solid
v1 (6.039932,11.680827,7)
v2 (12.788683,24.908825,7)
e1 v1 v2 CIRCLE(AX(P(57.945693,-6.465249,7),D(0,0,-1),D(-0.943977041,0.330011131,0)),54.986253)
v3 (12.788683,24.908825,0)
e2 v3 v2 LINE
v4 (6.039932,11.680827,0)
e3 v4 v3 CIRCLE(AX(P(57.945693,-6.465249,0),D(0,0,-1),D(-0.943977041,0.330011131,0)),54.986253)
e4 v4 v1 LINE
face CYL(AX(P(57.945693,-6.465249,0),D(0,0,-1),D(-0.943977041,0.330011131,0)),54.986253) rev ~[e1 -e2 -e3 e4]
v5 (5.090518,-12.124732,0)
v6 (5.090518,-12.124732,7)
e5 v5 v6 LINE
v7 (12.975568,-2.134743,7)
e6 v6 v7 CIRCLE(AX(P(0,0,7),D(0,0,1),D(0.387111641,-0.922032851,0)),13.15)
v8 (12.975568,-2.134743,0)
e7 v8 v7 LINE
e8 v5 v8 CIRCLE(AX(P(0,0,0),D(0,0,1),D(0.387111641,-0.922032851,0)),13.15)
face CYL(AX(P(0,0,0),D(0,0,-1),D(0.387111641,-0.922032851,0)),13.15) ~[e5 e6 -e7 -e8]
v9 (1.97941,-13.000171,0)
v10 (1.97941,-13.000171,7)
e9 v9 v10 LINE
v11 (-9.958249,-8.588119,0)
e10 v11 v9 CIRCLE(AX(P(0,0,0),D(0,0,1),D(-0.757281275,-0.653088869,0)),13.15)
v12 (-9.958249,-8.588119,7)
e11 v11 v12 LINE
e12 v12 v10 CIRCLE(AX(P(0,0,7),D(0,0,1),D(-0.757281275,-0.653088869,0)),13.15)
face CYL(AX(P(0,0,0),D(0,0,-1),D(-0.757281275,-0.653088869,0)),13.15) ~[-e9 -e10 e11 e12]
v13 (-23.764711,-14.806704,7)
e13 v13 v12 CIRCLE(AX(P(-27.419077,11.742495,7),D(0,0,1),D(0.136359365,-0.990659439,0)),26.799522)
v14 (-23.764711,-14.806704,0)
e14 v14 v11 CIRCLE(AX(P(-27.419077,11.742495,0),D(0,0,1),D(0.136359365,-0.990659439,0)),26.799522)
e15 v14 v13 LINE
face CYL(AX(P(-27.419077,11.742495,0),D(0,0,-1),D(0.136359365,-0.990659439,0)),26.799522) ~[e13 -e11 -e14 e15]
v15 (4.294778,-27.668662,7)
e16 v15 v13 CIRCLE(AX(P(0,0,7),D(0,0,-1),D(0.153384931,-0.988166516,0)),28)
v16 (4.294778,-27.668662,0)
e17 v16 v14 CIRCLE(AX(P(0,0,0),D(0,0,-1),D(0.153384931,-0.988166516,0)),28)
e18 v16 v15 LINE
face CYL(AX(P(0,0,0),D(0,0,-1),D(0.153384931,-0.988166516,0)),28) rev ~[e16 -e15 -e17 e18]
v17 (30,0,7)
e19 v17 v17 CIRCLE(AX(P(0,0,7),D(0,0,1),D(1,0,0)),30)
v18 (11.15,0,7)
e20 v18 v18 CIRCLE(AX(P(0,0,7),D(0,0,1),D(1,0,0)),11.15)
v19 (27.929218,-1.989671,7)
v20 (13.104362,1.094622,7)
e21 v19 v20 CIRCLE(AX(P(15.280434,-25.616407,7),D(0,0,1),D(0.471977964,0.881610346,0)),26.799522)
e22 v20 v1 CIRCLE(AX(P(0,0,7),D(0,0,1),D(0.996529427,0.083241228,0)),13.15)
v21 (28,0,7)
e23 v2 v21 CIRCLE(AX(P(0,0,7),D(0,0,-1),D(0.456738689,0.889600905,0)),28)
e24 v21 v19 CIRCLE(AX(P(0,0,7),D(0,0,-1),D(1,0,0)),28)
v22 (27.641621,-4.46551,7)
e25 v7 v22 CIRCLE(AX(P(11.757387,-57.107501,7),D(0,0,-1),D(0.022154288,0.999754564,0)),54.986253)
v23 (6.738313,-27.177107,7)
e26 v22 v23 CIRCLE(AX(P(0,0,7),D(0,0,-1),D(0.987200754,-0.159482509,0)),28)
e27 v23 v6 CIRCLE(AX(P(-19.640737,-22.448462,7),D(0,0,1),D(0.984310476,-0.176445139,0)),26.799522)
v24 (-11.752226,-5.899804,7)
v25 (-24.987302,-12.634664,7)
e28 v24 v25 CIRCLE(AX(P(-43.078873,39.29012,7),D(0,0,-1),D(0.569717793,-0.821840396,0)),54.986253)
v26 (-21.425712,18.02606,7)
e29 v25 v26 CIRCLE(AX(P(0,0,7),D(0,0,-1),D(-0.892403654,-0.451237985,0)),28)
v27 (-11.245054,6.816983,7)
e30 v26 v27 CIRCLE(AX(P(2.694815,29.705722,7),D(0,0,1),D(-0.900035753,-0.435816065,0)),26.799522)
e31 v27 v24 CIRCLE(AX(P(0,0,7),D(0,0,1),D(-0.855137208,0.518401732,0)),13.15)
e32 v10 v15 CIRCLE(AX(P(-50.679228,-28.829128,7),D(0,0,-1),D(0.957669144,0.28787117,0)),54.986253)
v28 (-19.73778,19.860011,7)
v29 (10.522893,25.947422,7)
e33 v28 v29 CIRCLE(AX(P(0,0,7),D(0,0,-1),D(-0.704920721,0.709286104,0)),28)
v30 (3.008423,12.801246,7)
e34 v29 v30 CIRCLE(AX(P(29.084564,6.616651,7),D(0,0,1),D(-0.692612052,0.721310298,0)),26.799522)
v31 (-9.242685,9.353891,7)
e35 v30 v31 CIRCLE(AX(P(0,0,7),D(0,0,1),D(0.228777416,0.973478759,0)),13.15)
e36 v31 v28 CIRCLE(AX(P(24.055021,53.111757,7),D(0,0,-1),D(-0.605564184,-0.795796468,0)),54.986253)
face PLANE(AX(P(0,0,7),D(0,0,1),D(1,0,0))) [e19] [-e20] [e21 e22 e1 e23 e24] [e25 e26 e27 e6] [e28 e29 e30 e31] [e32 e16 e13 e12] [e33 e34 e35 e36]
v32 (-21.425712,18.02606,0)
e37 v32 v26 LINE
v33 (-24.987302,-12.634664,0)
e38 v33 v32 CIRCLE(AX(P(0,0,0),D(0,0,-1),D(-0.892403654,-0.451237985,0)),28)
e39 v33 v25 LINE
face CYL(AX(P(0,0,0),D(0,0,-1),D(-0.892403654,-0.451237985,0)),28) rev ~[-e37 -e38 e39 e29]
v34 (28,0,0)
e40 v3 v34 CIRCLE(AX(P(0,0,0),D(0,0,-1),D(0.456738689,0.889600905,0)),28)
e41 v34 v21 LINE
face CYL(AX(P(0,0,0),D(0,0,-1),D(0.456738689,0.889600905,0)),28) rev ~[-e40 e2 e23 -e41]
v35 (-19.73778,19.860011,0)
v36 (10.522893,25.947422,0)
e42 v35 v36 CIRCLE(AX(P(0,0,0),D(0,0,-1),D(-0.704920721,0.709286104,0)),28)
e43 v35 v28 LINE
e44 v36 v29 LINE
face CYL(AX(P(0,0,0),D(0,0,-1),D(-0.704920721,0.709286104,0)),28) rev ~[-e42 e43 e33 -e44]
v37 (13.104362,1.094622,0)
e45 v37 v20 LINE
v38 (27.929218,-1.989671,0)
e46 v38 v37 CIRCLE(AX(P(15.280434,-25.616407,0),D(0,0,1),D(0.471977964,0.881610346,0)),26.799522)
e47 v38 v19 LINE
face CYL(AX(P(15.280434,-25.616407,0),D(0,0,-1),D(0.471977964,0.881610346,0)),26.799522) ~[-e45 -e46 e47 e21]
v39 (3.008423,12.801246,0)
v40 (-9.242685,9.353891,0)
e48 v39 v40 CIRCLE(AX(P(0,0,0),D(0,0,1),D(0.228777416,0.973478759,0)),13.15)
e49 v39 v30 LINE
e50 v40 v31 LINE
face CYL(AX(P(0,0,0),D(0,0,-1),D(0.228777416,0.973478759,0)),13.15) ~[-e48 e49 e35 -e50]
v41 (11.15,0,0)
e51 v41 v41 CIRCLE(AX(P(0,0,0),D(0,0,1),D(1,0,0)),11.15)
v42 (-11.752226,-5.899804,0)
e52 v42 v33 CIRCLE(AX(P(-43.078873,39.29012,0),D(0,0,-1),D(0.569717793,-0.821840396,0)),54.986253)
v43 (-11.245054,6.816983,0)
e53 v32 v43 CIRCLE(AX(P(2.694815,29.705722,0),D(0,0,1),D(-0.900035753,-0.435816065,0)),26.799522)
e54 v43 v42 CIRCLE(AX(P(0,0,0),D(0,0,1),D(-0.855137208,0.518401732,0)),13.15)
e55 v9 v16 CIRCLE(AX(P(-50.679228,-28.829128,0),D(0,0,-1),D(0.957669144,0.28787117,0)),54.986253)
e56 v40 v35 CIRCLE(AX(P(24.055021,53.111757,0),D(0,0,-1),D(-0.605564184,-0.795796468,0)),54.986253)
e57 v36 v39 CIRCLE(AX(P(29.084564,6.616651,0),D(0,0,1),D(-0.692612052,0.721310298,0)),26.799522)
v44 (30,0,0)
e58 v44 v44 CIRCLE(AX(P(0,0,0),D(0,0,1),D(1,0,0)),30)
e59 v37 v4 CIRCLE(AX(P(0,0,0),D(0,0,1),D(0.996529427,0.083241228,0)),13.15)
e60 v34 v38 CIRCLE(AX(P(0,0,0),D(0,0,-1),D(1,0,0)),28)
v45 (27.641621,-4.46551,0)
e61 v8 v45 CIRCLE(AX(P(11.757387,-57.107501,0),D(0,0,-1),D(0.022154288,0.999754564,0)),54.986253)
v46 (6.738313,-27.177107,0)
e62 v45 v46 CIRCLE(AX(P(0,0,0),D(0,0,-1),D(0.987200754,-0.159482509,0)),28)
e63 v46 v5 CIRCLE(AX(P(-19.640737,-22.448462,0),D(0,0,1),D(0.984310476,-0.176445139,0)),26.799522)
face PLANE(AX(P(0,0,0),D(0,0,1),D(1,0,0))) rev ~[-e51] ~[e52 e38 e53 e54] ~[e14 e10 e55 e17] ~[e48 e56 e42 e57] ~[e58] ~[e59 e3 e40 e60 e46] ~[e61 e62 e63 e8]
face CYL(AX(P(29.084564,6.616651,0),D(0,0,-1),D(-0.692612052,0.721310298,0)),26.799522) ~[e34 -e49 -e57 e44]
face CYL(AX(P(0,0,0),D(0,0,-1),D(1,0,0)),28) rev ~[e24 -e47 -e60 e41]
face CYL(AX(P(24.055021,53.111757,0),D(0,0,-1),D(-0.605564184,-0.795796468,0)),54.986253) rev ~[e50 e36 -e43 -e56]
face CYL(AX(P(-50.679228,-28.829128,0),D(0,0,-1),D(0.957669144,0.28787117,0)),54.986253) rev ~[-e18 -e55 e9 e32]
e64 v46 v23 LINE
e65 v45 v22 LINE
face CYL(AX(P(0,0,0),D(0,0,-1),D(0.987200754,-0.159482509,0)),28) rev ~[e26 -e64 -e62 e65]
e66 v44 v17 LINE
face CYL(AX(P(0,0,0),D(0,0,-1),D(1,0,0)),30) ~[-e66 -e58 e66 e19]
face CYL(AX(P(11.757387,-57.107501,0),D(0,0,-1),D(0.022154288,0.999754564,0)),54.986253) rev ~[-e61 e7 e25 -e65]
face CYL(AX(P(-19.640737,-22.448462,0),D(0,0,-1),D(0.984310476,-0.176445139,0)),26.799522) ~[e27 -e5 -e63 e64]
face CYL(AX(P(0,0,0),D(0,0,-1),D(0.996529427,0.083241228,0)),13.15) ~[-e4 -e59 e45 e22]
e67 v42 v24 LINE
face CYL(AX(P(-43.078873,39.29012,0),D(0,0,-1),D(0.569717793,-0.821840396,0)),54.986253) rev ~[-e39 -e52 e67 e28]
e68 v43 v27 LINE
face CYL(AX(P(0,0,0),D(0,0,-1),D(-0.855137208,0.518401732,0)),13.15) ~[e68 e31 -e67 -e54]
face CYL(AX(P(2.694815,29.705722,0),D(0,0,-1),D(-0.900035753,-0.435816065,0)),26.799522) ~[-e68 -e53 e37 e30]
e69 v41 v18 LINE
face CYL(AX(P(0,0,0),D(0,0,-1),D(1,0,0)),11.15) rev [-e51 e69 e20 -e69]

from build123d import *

# Parameters (mm, degrees)
F0_R     = 30
F0_R_2   = 11.15
F1_DEPTH = 7


with BuildPart() as f1:
    # F0 (on Top) → F1 (new body)
    with BuildSketch(Plane.XY):
        Circle(F0_R)
        with BuildLine():
            ThreePointArc((28, 0), (27.9822988603, -0.9954649642), (27.9292178218, -1.9896712952))
            ThreePointArc((27.9292178218, -1.9896712952), (27.8129822181, -3.2307924932), (27.6416211225, -4.4655102417))
            ThreePointArc((27.6416211225, -4.4655102417), (20.602163098, -18.9618268024), (6.7383130959, -27.1771068479))
            ThreePointArc((6.7383130959, -27.1771068479), (5.5220179162, -27.4500877618), (4.294778065, -27.6686624428))
            ThreePointArc((4.294778065, -27.6686624428), (-11.6673504231, -25.4533481905), (-23.7647113017, -14.8067044527))
            ThreePointArc((-23.7647113017, -14.8067044527), (-24.4001874594, -13.7342947378), (-24.9873023042, -12.6346635712))
            ThreePointArc((-24.9873023042, -12.6346635712), (-27.8129822181, 3.2307924932), (-21.4257124132, 18.0260602348))
            ThreePointArc((-21.4257124132, 18.0260602348), (-20.602163098, 18.9618268024), (-19.7377801762, 19.8600109193))
            ThreePointArc((-19.7377801762, 19.8600109193), (-5.5220179162, 27.4500877618), (10.5228927971, 25.947422361))
            ThreePointArc((10.5228927971, 25.947422361), (11.6673504231, 25.4533481905), (12.7886832929, 24.9088253363))
            ThreePointArc((12.7886832929, 24.9088253363), (23.8964760184, 14.5930954187), (28, 0))
        make_face(mode=Mode.SUBTRACT)
        with BuildLine():
            ThreePointArc((12.975568284, -2.1347430074), (13.1063195241, -1.0709288178), (13.15, 0))
            ThreePointArc((13.15, 0), (13.1385855357, 0.5477865655), (13.1043619587, 1.0946221515))
            ThreePointArc((13.1043619587, 1.0946221515), (10.9381412491, 7.2992853086), (6.0399323593, 11.6808269012))
            ThreePointArc((6.0399323593, 11.6808269012), (4.5587299007, 12.3345239751), (3.0084230156, 12.80124568))
            ThreePointArc((3.0084230156, 12.80124568), (-3.5619613242, 12.6583937182), (-9.2426847962, 9.3538910491))
            ThreePointArc((-9.2426847962, 9.3538910491), (-10.3221043898, 8.1471873039), (-11.2450542825, 6.8169827771))
            ThreePointArc((-11.2450542825, 6.8169827771), (-13.139554414, 0.5240322523), (-11.7522257106, -5.8998043058))
            ThreePointArc((-11.7522257106, -5.8998043058), (-10.9381412491, -7.2992853086), (-9.9582487676, -8.588118623))
            ThreePointArc((-9.9582487676, -8.588118623), (-4.5587299007, -12.3345239751), (1.9794098636, -13.000170637))
            ThreePointArc((1.9794098636, -13.000170637), (3.5619613242, -12.6583937182), (5.0905180757, -12.1247319855))
            ThreePointArc((5.0905180757, -12.1247319855), (10.3221043898, -8.1471873039), (12.975568284, -2.1347430074))
        make_face()
        Circle(F0_R_2, mode=Mode.SUBTRACT)
        with BuildLine():
            ThreePointArc((-11.2450542825, 6.8169827771), (-10.3221043898, 8.1471873039), (-9.2426847962, 9.3538910491))
            ThreePointArc((-9.2426847962, 9.3538910491), (-14.846536875, 14.2510204798), (-19.7377801762, 19.8600109193))
            ThreePointArc((-19.7377801762, 19.8600109193), (-20.602163098, 18.9618268024), (-21.4257124132, 18.0260602348))
            ThreePointArc((-21.4257124132, 18.0260602348), (-17.1435141452, 11.6875357338), (-11.2450542825, 6.8169827771))
        make_face()
        with BuildLine():
            ThreePointArc((3.0084230156, 12.80124568), (4.5587299007, 12.3345239751), (6.0399323593, 11.6808269012))
            ThreePointArc((6.0399323593, 11.6808269012), (8.9656936892, 18.5237031548), (12.7886832929, 24.9088253363))
            ThreePointArc((12.7886832929, 24.9088253363), (11.6673504231, 25.4533481905), (10.5228927971, 25.947422361))
            ThreePointArc((10.5228927971, 25.947422361), (5.8178698049, 19.9160980041), (3.0084230156, 12.80124568))
        make_face()
        with BuildLine():
            ThreePointArc((13.1043619587, 1.0946221515), (13.1385855357, 0.5477865655), (13.15, 0))
            ThreePointArc((13.15, 0), (13.1063195241, -1.0709288178), (12.975568284, -2.1347430074))
            ThreePointArc((12.975568284, -2.1347430074), (20.3876403076, -2.8027423326), (27.6416211225, -4.4655102417))
            ThreePointArc((27.6416211225, -4.4655102417), (27.8129822181, -3.2307924932), (27.9292178218, -1.9896712952))
            ThreePointArc((27.9292178218, -1.9896712952), (20.7391554267, 0.621289756), (13.1043619587, 1.0946221515))
        make_face()
        with BuildLine():
            ThreePointArc((6.7383130959, -27.1771068479), (6.9996331468, -19.532119818), (5.0905180757, -12.1247319855))
            ThreePointArc((5.0905180757, -12.1247319855), (3.5619613242, -12.6583937182), (1.9794098636, -13.000170637))
            ThreePointArc((1.9794098636, -13.000170637), (3.6345609713, -20.2558931781), (4.294778065, -27.6686624428))
            ThreePointArc((4.294778065, -27.6686624428), (5.5220179162, -27.4500877618), (6.7383130959, -27.1771068479))
        make_face()
        with BuildLine():
            ThreePointArc((-23.7647113017, -14.8067044527), (-16.4131442332, -12.6928036759), (-9.9582487676, -8.588118623))
            ThreePointArc((-9.9582487676, -8.588118623), (-10.9381412491, -7.2992853086), (-11.7522257106, -5.8998043058))
            ThreePointArc((-11.7522257106, -5.8998043058), (-18.1413580932, -9.7160881239), (-24.9873023042, -12.6346635712))
            ThreePointArc((-24.9873023042, -12.6346635712), (-24.4001874594, -13.7342947378), (-23.7647113017, -14.8067044527))
        make_face()
    extrude(amount=F1_DEPTH)


solid = f1.part
